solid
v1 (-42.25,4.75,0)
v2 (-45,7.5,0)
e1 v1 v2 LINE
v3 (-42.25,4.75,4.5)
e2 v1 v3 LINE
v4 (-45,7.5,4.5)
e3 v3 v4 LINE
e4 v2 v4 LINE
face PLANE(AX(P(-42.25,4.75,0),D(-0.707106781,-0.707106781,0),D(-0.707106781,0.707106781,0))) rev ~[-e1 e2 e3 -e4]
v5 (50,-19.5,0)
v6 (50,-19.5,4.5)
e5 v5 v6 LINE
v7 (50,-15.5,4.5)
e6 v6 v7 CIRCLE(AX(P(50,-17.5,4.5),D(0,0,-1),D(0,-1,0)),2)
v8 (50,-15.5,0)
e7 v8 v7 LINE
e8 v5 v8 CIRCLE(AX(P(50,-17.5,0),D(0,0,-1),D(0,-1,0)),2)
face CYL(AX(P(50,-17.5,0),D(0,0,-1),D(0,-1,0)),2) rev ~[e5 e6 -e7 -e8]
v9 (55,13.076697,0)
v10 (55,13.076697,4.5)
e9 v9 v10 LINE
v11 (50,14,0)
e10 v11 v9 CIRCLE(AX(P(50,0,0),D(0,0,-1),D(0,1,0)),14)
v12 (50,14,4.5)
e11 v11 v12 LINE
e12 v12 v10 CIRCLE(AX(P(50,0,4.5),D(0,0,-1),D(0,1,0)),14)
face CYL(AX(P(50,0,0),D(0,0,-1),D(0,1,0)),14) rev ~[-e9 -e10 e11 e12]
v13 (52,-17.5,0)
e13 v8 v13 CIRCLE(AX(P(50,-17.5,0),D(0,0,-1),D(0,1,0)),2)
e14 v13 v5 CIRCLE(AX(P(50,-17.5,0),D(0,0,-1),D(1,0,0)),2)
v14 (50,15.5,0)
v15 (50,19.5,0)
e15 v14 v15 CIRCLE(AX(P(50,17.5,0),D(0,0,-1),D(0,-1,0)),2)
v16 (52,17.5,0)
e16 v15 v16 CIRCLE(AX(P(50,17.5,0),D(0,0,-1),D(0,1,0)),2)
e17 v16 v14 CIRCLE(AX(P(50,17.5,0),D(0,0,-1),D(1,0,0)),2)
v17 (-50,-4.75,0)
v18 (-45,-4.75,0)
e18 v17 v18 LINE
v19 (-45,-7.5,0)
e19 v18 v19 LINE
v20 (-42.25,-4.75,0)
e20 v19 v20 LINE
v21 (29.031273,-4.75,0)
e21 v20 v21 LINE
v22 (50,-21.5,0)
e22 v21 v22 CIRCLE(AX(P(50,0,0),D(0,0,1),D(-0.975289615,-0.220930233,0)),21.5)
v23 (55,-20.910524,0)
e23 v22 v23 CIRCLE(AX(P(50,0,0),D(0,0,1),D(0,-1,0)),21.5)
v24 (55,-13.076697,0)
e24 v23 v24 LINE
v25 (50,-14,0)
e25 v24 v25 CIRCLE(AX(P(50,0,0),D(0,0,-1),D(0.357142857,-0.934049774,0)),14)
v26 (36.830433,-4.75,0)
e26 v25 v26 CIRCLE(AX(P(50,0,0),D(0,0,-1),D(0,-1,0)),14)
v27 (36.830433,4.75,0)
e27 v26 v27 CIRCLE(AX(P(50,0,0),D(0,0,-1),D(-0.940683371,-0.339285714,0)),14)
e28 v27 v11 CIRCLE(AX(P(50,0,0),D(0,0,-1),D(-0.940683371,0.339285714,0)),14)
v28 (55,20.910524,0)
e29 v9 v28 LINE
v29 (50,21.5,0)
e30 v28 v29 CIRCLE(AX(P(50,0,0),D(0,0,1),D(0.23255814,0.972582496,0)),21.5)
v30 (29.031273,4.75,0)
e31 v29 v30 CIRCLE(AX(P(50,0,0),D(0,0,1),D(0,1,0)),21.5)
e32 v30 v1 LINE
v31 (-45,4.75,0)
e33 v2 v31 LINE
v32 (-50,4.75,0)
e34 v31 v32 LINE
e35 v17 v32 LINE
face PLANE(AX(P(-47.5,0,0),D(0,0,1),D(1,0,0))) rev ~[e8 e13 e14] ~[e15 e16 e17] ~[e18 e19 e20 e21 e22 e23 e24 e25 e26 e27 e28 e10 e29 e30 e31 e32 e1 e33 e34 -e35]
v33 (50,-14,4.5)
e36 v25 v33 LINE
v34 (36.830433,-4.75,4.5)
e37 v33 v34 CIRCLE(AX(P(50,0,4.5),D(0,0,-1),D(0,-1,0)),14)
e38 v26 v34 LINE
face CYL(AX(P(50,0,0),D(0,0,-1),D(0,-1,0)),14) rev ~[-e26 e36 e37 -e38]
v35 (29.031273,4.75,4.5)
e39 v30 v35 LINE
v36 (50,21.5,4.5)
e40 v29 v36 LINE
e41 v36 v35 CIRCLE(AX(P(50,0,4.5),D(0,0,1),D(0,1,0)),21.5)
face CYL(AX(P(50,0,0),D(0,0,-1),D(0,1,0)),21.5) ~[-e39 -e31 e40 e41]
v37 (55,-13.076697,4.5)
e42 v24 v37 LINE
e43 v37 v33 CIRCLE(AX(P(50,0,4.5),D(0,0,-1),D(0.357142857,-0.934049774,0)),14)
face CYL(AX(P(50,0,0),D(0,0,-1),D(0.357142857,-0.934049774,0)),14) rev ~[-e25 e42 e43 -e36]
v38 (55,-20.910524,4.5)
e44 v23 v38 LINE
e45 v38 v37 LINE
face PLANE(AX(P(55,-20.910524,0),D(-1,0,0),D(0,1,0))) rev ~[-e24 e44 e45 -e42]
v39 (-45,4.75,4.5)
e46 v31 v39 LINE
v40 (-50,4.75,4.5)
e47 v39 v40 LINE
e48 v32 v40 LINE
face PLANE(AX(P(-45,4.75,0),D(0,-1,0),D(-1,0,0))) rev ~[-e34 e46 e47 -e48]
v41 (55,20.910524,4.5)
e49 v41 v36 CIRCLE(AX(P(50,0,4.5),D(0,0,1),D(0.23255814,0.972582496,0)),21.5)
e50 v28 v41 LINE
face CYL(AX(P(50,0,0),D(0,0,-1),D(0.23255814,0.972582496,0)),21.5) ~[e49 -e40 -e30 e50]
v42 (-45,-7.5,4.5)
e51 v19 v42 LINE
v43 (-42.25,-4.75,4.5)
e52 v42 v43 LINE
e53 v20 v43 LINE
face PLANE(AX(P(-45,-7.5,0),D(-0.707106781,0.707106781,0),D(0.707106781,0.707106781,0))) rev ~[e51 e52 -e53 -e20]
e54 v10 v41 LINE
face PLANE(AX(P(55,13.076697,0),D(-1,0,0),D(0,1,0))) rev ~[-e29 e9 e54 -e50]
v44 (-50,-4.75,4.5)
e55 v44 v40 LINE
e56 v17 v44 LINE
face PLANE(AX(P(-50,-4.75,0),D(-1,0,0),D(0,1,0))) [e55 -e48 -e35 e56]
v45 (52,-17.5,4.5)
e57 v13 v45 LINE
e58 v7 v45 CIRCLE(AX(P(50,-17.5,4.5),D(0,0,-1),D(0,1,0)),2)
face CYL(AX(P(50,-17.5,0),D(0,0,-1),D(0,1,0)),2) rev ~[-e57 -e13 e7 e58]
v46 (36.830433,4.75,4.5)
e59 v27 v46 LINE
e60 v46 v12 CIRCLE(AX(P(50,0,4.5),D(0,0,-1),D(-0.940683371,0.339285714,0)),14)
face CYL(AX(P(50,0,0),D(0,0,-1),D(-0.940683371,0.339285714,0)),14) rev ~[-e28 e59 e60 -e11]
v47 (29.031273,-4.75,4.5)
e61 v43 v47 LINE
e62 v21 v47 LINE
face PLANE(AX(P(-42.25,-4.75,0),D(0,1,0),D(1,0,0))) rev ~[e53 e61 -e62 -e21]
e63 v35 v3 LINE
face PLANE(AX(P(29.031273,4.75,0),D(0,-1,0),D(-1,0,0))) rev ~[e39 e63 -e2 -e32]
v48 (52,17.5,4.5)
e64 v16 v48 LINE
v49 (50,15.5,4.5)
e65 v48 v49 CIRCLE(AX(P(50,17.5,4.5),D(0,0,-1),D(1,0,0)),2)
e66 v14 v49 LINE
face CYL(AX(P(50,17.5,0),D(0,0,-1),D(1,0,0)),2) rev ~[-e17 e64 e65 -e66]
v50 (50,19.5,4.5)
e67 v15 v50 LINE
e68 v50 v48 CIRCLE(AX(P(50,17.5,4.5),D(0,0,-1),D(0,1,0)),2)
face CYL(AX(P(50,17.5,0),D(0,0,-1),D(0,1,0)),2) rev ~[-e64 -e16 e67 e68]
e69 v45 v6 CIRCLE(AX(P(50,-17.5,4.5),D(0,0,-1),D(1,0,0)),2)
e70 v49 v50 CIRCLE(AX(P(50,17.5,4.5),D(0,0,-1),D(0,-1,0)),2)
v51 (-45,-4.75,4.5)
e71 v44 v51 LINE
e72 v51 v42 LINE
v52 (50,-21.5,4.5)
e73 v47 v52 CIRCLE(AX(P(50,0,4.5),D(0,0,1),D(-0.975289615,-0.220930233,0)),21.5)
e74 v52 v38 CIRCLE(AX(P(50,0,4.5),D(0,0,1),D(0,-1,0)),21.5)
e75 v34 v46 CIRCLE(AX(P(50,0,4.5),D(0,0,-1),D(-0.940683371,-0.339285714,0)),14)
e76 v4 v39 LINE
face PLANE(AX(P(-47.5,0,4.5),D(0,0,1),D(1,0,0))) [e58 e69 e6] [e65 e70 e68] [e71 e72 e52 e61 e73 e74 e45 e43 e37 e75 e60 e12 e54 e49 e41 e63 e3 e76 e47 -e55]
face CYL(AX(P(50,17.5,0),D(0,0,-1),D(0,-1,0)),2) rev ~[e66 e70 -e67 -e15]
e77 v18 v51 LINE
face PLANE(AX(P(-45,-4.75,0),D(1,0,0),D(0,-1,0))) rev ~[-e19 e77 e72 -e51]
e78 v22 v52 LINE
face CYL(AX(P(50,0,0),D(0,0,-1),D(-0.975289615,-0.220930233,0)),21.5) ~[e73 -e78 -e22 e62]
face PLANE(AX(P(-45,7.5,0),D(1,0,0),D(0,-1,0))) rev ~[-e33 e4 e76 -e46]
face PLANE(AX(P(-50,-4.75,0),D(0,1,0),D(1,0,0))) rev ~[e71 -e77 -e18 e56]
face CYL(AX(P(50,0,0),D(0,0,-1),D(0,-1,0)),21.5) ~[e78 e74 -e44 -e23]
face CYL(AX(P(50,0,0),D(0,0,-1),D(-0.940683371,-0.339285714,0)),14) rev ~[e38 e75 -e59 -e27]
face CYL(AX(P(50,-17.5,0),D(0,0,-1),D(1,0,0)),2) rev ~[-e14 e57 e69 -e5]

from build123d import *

# Parameters (mm, degrees)
F0_W     = 5
F0_H     = 9.5
F1_DEPTH = 4.5


with BuildPart() as f1:
    # F0 (on Top) → F1 (new body)
    with BuildSketch(Plane.XY):
        with Locations((-47.5, 0)):
            Rectangle(F0_W, F0_H)
        with BuildLine():
            Line((36.8304328089, 4.75), (29.0312732862, 4.75))
            ThreePointArc((29.0312732862, 4.75), (28.5, 0), (29.0312732862, -4.75))
            Line((29.0312732862, -4.75), (36.8304328089, -4.75))
            ThreePointArc((36.8304328089, -4.75), (36, 0), (36.8304328089, 4.75))
        make_face()
        with BuildLine():
            ThreePointArc((50, 21.5), (36.5812630997, 16.7984374273), (29.0312732862, 4.75))
            Line((29.0312732862, 4.75), (36.8304328089, 4.75))
            ThreePointArc((36.8304328089, 4.75), (41.9532615303, 11.4564392374), (50, 14))
            Line((50, 14), (50, 15.5))
            ThreePointArc((50, 15.5), (48, 17.5), (50, 19.5))
            Line((50, 19.5), (50, 21.5))
        make_face()
        with BuildLine():
            Line((36.8304328089, -4.75), (29.0312732862, -4.75))
            ThreePointArc((29.0312732862, -4.75), (36.5812630997, -16.7984374273), (50, -21.5))
            Line((50, -21.5), (50, -19.5))
            ThreePointArc((50, -19.5), (48, -17.5), (50, -15.5))
            Line((50, -15.5), (50, -14))
            ThreePointArc((50, -14), (41.9532615303, -11.4564392374), (36.8304328089, -4.75))
        make_face()
        with BuildLine():
            Line((50, -19.5), (50, -21.5))
            ThreePointArc((50, -21.5), (52.5173141614, -21.3521223632), (55, -20.9105236663))
            Line((55, -20.9105236663), (55, -13.0766968306))
            ThreePointArc((55, -13.0766968306), (52.542267135, -13.7672392953), (50, -14))
            Line((50, -14), (50, -15.5))
            ThreePointArc((50, -15.5), (51.4142135624, -16.0857864376), (52, -17.5))
            ThreePointArc((52, -17.5), (51.4142135624, -18.9142135624), (50, -19.5))
        make_face()
        with BuildLine():
            ThreePointArc((55, 20.9105236663), (52.5173141614, 21.3521223632), (50, 21.5))
            Line((50, 21.5), (50, 19.5))
            ThreePointArc((50, 19.5), (51.4142135624, 18.9142135624), (52, 17.5))
            ThreePointArc((52, 17.5), (51.4142135624, 16.0857864376), (50, 15.5))
            Line((50, 15.5), (50, 14))
            ThreePointArc((50, 14), (52.542267135, 13.7672392953), (55, 13.0766968306))
            Line((55, 13.0766968306), (55, 20.9105236663))
        make_face()
        with BuildLine():
            Line((29.0312732862, 4.75), (-42.25, 4.75))
            Line((-42.25, 4.75), (-37.5, 0))
            Line((-37.5, 0), (-42.25, -4.75))
            Line((-42.25, -4.75), (29.0312732862, -4.75))
            ThreePointArc((29.0312732862, -4.75), (28.5, 0), (29.0312732862, 4.75))
        make_face()
        Polygon((-42.25, 4.75), (-45, 4.75), (-45, -4.75), (-42.25, -4.75), (-37.5, 0), align=None)
        Polygon((-45, 7.5), (-45, 4.75), (-42.25, 4.75), align=None)
        Polygon((-42.25, -4.75), (-45, -4.75), (-45, -7.5), align=None)
    extrude(amount=F1_DEPTH)


solid = f1.part
